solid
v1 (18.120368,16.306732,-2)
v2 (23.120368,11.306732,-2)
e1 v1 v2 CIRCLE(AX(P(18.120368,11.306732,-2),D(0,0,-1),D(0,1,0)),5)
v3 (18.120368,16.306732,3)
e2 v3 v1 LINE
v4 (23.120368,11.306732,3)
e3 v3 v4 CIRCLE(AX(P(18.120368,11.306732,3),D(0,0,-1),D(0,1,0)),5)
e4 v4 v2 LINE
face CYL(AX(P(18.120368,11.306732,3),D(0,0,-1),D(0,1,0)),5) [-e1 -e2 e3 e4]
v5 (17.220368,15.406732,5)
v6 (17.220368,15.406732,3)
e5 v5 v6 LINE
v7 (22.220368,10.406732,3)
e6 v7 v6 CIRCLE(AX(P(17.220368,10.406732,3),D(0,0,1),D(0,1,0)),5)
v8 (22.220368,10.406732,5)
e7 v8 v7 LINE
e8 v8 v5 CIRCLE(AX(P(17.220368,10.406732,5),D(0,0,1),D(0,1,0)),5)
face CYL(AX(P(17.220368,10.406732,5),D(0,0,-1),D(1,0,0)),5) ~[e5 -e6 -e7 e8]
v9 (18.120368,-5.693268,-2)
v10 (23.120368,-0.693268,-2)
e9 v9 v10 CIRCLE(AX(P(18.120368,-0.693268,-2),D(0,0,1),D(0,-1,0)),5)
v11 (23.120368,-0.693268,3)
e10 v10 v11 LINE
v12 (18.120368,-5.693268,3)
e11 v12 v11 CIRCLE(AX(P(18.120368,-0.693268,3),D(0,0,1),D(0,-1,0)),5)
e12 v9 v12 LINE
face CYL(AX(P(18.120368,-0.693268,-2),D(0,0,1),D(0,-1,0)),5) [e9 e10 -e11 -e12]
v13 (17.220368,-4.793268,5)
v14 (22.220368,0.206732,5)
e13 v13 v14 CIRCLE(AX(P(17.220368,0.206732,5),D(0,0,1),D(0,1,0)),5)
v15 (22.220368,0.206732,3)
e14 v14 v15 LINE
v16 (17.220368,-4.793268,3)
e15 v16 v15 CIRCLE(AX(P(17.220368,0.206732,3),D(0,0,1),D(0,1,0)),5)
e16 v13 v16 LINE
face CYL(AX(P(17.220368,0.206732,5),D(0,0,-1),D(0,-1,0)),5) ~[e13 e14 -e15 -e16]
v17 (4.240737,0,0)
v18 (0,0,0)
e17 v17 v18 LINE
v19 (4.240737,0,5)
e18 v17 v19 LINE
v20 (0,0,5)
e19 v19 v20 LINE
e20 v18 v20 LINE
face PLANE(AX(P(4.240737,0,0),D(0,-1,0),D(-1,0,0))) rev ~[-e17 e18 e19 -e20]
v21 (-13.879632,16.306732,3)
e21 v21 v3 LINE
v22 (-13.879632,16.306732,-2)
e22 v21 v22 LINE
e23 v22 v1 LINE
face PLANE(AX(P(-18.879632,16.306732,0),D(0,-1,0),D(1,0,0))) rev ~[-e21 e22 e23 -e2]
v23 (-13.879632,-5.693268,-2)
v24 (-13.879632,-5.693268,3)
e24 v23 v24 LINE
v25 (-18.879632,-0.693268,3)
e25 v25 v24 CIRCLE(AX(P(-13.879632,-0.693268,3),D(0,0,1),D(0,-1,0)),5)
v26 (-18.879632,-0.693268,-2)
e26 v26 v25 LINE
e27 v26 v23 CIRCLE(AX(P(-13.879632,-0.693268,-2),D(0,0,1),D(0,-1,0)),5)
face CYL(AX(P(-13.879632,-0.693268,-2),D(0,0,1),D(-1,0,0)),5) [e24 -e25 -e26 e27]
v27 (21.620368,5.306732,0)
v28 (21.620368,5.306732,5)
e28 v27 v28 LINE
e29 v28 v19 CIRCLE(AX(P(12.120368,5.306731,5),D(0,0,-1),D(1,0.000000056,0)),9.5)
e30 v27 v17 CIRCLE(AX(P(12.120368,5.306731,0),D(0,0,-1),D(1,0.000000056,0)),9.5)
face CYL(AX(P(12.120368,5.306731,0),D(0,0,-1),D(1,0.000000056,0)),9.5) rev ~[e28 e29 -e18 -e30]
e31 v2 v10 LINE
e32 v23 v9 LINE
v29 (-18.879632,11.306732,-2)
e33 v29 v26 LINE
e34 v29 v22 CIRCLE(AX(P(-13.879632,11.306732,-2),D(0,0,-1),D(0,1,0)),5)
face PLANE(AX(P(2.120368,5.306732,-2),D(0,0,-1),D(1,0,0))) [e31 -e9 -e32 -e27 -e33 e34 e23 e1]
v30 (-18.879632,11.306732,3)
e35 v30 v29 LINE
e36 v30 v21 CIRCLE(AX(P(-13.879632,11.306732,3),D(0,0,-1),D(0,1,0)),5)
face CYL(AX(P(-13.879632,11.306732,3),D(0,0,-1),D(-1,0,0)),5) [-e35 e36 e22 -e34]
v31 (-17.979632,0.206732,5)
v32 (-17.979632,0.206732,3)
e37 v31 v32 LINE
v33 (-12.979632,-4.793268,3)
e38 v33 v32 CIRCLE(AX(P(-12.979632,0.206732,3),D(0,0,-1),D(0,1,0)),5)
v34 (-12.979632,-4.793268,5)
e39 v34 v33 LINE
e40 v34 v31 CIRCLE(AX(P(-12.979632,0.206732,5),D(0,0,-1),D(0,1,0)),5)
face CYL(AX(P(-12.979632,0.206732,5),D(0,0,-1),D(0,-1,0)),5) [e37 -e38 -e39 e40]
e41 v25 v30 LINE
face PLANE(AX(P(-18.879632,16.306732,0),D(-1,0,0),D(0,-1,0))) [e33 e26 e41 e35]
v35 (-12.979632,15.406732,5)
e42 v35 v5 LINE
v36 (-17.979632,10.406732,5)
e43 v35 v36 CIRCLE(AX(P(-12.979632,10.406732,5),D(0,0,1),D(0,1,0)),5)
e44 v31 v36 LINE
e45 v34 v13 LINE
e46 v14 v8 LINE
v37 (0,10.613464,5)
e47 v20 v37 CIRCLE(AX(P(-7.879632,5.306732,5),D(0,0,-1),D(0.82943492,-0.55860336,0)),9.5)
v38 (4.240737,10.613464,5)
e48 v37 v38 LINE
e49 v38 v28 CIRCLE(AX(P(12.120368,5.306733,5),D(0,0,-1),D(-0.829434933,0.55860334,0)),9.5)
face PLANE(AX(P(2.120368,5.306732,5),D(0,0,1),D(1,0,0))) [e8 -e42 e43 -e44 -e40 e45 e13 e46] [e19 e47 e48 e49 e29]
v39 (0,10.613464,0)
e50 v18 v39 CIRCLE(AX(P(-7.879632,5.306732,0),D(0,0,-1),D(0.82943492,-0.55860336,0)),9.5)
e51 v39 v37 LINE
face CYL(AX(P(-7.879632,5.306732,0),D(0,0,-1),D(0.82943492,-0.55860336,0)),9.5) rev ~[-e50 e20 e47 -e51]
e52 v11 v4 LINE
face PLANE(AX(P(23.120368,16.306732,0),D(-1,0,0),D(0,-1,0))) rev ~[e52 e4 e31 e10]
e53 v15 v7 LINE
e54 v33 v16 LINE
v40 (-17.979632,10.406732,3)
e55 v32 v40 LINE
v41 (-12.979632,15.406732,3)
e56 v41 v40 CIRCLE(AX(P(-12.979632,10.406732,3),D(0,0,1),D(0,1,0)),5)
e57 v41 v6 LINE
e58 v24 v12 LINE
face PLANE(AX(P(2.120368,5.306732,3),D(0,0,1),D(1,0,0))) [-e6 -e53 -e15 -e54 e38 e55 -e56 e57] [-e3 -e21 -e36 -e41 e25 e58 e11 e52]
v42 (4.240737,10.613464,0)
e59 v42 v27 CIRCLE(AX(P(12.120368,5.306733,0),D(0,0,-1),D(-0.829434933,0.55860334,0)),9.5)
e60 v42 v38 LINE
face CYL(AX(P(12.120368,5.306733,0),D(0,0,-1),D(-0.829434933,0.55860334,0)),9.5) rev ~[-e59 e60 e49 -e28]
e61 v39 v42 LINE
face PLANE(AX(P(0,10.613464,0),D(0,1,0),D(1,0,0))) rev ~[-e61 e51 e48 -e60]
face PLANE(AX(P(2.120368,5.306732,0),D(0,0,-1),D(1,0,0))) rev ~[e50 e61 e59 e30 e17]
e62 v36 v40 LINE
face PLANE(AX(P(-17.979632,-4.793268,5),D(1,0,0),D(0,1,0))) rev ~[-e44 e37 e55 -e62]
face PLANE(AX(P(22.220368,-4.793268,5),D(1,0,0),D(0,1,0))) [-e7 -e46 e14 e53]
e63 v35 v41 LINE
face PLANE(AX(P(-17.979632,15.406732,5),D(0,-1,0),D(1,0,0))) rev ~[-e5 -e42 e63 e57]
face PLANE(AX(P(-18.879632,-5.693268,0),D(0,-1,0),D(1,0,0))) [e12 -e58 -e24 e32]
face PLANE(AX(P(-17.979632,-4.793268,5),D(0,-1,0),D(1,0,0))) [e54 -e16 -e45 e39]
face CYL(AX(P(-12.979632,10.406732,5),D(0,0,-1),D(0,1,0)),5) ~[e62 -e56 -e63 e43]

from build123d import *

# Parameters (mm, degrees)
F0_W     = 42
F0_H     = 22
F1_DEPTH = 5
F2_W     = 42
F2_H     = 22
F3_DEPTH = 2
F4_W     = 42
F4_H     = 22
F4_W_2   = 40.2
F4_H_2   = 20.2
F5_DEPTH = 2
F6_R     = 5


with BuildPart() as f1:
    # F0 (on Top) → F1 (new body)
    with BuildSketch(Plane.XY):
        with Locations((2.120368, 5.306732)):
            Rectangle(F0_W, F0_H)
        with BuildLine():
            ThreePointArc((0, 0), (-17.379632, 5.306732), (0, 10.613464))
            Line((0, 10.613464), (4.240737, 10.613464))
            ThreePointArc((4.240737, 10.613464), (14.89467, 14.392614), (21.620368, 5.306732))
            ThreePointArc((21.620368, 5.306732), (14.89467, -3.77915), (4.240737, 0))
            Line((4.240737, 0), (0, 0))
        make_face(mode=Mode.SUBTRACT)
    extrude(amount=F1_DEPTH)

    # F2 (on face) → F3 (join)
    with BuildSketch(Plane(origin=(0, 0, 0), x_dir=(1, 0, 0), z_dir=(0, 0, -1))):
        with Locations((2.120368, -5.306732)):
            Rectangle(F2_W, F2_H)
    extrude(amount=F3_DEPTH)

    # F4 (on face) → F5 (cut)
    with BuildSketch(Plane.XY.offset(5)):
        with Locations((2.120368, 5.306732)):
            Rectangle(F4_W, F4_H)
        with Locations((2.120368, 5.306732)):
            Rectangle(F4_W_2, F4_H_2, mode=Mode.SUBTRACT)
    extrude(amount=-F5_DEPTH, mode=Mode.SUBTRACT)

    # F6
    f6_edges = [f1.edges().sort_by_distance(p)[0] for p in [
        (-18.879632, 16.306732, 0.5),
        (-18.879632, -5.693268, 0.5),
        (23.120368, -5.693268, 0.5),
        (23.120368, 16.306732, 0.5),
        (22.220368, 15.406732, 4),
        (-17.979632, -4.793268, 4),
        (22.220368, -4.793268, 4),
        (-17.979632, 15.406732, 4),
    ]]
    fillet(f6_edges, radius=F6_R)


solid = f1.part
